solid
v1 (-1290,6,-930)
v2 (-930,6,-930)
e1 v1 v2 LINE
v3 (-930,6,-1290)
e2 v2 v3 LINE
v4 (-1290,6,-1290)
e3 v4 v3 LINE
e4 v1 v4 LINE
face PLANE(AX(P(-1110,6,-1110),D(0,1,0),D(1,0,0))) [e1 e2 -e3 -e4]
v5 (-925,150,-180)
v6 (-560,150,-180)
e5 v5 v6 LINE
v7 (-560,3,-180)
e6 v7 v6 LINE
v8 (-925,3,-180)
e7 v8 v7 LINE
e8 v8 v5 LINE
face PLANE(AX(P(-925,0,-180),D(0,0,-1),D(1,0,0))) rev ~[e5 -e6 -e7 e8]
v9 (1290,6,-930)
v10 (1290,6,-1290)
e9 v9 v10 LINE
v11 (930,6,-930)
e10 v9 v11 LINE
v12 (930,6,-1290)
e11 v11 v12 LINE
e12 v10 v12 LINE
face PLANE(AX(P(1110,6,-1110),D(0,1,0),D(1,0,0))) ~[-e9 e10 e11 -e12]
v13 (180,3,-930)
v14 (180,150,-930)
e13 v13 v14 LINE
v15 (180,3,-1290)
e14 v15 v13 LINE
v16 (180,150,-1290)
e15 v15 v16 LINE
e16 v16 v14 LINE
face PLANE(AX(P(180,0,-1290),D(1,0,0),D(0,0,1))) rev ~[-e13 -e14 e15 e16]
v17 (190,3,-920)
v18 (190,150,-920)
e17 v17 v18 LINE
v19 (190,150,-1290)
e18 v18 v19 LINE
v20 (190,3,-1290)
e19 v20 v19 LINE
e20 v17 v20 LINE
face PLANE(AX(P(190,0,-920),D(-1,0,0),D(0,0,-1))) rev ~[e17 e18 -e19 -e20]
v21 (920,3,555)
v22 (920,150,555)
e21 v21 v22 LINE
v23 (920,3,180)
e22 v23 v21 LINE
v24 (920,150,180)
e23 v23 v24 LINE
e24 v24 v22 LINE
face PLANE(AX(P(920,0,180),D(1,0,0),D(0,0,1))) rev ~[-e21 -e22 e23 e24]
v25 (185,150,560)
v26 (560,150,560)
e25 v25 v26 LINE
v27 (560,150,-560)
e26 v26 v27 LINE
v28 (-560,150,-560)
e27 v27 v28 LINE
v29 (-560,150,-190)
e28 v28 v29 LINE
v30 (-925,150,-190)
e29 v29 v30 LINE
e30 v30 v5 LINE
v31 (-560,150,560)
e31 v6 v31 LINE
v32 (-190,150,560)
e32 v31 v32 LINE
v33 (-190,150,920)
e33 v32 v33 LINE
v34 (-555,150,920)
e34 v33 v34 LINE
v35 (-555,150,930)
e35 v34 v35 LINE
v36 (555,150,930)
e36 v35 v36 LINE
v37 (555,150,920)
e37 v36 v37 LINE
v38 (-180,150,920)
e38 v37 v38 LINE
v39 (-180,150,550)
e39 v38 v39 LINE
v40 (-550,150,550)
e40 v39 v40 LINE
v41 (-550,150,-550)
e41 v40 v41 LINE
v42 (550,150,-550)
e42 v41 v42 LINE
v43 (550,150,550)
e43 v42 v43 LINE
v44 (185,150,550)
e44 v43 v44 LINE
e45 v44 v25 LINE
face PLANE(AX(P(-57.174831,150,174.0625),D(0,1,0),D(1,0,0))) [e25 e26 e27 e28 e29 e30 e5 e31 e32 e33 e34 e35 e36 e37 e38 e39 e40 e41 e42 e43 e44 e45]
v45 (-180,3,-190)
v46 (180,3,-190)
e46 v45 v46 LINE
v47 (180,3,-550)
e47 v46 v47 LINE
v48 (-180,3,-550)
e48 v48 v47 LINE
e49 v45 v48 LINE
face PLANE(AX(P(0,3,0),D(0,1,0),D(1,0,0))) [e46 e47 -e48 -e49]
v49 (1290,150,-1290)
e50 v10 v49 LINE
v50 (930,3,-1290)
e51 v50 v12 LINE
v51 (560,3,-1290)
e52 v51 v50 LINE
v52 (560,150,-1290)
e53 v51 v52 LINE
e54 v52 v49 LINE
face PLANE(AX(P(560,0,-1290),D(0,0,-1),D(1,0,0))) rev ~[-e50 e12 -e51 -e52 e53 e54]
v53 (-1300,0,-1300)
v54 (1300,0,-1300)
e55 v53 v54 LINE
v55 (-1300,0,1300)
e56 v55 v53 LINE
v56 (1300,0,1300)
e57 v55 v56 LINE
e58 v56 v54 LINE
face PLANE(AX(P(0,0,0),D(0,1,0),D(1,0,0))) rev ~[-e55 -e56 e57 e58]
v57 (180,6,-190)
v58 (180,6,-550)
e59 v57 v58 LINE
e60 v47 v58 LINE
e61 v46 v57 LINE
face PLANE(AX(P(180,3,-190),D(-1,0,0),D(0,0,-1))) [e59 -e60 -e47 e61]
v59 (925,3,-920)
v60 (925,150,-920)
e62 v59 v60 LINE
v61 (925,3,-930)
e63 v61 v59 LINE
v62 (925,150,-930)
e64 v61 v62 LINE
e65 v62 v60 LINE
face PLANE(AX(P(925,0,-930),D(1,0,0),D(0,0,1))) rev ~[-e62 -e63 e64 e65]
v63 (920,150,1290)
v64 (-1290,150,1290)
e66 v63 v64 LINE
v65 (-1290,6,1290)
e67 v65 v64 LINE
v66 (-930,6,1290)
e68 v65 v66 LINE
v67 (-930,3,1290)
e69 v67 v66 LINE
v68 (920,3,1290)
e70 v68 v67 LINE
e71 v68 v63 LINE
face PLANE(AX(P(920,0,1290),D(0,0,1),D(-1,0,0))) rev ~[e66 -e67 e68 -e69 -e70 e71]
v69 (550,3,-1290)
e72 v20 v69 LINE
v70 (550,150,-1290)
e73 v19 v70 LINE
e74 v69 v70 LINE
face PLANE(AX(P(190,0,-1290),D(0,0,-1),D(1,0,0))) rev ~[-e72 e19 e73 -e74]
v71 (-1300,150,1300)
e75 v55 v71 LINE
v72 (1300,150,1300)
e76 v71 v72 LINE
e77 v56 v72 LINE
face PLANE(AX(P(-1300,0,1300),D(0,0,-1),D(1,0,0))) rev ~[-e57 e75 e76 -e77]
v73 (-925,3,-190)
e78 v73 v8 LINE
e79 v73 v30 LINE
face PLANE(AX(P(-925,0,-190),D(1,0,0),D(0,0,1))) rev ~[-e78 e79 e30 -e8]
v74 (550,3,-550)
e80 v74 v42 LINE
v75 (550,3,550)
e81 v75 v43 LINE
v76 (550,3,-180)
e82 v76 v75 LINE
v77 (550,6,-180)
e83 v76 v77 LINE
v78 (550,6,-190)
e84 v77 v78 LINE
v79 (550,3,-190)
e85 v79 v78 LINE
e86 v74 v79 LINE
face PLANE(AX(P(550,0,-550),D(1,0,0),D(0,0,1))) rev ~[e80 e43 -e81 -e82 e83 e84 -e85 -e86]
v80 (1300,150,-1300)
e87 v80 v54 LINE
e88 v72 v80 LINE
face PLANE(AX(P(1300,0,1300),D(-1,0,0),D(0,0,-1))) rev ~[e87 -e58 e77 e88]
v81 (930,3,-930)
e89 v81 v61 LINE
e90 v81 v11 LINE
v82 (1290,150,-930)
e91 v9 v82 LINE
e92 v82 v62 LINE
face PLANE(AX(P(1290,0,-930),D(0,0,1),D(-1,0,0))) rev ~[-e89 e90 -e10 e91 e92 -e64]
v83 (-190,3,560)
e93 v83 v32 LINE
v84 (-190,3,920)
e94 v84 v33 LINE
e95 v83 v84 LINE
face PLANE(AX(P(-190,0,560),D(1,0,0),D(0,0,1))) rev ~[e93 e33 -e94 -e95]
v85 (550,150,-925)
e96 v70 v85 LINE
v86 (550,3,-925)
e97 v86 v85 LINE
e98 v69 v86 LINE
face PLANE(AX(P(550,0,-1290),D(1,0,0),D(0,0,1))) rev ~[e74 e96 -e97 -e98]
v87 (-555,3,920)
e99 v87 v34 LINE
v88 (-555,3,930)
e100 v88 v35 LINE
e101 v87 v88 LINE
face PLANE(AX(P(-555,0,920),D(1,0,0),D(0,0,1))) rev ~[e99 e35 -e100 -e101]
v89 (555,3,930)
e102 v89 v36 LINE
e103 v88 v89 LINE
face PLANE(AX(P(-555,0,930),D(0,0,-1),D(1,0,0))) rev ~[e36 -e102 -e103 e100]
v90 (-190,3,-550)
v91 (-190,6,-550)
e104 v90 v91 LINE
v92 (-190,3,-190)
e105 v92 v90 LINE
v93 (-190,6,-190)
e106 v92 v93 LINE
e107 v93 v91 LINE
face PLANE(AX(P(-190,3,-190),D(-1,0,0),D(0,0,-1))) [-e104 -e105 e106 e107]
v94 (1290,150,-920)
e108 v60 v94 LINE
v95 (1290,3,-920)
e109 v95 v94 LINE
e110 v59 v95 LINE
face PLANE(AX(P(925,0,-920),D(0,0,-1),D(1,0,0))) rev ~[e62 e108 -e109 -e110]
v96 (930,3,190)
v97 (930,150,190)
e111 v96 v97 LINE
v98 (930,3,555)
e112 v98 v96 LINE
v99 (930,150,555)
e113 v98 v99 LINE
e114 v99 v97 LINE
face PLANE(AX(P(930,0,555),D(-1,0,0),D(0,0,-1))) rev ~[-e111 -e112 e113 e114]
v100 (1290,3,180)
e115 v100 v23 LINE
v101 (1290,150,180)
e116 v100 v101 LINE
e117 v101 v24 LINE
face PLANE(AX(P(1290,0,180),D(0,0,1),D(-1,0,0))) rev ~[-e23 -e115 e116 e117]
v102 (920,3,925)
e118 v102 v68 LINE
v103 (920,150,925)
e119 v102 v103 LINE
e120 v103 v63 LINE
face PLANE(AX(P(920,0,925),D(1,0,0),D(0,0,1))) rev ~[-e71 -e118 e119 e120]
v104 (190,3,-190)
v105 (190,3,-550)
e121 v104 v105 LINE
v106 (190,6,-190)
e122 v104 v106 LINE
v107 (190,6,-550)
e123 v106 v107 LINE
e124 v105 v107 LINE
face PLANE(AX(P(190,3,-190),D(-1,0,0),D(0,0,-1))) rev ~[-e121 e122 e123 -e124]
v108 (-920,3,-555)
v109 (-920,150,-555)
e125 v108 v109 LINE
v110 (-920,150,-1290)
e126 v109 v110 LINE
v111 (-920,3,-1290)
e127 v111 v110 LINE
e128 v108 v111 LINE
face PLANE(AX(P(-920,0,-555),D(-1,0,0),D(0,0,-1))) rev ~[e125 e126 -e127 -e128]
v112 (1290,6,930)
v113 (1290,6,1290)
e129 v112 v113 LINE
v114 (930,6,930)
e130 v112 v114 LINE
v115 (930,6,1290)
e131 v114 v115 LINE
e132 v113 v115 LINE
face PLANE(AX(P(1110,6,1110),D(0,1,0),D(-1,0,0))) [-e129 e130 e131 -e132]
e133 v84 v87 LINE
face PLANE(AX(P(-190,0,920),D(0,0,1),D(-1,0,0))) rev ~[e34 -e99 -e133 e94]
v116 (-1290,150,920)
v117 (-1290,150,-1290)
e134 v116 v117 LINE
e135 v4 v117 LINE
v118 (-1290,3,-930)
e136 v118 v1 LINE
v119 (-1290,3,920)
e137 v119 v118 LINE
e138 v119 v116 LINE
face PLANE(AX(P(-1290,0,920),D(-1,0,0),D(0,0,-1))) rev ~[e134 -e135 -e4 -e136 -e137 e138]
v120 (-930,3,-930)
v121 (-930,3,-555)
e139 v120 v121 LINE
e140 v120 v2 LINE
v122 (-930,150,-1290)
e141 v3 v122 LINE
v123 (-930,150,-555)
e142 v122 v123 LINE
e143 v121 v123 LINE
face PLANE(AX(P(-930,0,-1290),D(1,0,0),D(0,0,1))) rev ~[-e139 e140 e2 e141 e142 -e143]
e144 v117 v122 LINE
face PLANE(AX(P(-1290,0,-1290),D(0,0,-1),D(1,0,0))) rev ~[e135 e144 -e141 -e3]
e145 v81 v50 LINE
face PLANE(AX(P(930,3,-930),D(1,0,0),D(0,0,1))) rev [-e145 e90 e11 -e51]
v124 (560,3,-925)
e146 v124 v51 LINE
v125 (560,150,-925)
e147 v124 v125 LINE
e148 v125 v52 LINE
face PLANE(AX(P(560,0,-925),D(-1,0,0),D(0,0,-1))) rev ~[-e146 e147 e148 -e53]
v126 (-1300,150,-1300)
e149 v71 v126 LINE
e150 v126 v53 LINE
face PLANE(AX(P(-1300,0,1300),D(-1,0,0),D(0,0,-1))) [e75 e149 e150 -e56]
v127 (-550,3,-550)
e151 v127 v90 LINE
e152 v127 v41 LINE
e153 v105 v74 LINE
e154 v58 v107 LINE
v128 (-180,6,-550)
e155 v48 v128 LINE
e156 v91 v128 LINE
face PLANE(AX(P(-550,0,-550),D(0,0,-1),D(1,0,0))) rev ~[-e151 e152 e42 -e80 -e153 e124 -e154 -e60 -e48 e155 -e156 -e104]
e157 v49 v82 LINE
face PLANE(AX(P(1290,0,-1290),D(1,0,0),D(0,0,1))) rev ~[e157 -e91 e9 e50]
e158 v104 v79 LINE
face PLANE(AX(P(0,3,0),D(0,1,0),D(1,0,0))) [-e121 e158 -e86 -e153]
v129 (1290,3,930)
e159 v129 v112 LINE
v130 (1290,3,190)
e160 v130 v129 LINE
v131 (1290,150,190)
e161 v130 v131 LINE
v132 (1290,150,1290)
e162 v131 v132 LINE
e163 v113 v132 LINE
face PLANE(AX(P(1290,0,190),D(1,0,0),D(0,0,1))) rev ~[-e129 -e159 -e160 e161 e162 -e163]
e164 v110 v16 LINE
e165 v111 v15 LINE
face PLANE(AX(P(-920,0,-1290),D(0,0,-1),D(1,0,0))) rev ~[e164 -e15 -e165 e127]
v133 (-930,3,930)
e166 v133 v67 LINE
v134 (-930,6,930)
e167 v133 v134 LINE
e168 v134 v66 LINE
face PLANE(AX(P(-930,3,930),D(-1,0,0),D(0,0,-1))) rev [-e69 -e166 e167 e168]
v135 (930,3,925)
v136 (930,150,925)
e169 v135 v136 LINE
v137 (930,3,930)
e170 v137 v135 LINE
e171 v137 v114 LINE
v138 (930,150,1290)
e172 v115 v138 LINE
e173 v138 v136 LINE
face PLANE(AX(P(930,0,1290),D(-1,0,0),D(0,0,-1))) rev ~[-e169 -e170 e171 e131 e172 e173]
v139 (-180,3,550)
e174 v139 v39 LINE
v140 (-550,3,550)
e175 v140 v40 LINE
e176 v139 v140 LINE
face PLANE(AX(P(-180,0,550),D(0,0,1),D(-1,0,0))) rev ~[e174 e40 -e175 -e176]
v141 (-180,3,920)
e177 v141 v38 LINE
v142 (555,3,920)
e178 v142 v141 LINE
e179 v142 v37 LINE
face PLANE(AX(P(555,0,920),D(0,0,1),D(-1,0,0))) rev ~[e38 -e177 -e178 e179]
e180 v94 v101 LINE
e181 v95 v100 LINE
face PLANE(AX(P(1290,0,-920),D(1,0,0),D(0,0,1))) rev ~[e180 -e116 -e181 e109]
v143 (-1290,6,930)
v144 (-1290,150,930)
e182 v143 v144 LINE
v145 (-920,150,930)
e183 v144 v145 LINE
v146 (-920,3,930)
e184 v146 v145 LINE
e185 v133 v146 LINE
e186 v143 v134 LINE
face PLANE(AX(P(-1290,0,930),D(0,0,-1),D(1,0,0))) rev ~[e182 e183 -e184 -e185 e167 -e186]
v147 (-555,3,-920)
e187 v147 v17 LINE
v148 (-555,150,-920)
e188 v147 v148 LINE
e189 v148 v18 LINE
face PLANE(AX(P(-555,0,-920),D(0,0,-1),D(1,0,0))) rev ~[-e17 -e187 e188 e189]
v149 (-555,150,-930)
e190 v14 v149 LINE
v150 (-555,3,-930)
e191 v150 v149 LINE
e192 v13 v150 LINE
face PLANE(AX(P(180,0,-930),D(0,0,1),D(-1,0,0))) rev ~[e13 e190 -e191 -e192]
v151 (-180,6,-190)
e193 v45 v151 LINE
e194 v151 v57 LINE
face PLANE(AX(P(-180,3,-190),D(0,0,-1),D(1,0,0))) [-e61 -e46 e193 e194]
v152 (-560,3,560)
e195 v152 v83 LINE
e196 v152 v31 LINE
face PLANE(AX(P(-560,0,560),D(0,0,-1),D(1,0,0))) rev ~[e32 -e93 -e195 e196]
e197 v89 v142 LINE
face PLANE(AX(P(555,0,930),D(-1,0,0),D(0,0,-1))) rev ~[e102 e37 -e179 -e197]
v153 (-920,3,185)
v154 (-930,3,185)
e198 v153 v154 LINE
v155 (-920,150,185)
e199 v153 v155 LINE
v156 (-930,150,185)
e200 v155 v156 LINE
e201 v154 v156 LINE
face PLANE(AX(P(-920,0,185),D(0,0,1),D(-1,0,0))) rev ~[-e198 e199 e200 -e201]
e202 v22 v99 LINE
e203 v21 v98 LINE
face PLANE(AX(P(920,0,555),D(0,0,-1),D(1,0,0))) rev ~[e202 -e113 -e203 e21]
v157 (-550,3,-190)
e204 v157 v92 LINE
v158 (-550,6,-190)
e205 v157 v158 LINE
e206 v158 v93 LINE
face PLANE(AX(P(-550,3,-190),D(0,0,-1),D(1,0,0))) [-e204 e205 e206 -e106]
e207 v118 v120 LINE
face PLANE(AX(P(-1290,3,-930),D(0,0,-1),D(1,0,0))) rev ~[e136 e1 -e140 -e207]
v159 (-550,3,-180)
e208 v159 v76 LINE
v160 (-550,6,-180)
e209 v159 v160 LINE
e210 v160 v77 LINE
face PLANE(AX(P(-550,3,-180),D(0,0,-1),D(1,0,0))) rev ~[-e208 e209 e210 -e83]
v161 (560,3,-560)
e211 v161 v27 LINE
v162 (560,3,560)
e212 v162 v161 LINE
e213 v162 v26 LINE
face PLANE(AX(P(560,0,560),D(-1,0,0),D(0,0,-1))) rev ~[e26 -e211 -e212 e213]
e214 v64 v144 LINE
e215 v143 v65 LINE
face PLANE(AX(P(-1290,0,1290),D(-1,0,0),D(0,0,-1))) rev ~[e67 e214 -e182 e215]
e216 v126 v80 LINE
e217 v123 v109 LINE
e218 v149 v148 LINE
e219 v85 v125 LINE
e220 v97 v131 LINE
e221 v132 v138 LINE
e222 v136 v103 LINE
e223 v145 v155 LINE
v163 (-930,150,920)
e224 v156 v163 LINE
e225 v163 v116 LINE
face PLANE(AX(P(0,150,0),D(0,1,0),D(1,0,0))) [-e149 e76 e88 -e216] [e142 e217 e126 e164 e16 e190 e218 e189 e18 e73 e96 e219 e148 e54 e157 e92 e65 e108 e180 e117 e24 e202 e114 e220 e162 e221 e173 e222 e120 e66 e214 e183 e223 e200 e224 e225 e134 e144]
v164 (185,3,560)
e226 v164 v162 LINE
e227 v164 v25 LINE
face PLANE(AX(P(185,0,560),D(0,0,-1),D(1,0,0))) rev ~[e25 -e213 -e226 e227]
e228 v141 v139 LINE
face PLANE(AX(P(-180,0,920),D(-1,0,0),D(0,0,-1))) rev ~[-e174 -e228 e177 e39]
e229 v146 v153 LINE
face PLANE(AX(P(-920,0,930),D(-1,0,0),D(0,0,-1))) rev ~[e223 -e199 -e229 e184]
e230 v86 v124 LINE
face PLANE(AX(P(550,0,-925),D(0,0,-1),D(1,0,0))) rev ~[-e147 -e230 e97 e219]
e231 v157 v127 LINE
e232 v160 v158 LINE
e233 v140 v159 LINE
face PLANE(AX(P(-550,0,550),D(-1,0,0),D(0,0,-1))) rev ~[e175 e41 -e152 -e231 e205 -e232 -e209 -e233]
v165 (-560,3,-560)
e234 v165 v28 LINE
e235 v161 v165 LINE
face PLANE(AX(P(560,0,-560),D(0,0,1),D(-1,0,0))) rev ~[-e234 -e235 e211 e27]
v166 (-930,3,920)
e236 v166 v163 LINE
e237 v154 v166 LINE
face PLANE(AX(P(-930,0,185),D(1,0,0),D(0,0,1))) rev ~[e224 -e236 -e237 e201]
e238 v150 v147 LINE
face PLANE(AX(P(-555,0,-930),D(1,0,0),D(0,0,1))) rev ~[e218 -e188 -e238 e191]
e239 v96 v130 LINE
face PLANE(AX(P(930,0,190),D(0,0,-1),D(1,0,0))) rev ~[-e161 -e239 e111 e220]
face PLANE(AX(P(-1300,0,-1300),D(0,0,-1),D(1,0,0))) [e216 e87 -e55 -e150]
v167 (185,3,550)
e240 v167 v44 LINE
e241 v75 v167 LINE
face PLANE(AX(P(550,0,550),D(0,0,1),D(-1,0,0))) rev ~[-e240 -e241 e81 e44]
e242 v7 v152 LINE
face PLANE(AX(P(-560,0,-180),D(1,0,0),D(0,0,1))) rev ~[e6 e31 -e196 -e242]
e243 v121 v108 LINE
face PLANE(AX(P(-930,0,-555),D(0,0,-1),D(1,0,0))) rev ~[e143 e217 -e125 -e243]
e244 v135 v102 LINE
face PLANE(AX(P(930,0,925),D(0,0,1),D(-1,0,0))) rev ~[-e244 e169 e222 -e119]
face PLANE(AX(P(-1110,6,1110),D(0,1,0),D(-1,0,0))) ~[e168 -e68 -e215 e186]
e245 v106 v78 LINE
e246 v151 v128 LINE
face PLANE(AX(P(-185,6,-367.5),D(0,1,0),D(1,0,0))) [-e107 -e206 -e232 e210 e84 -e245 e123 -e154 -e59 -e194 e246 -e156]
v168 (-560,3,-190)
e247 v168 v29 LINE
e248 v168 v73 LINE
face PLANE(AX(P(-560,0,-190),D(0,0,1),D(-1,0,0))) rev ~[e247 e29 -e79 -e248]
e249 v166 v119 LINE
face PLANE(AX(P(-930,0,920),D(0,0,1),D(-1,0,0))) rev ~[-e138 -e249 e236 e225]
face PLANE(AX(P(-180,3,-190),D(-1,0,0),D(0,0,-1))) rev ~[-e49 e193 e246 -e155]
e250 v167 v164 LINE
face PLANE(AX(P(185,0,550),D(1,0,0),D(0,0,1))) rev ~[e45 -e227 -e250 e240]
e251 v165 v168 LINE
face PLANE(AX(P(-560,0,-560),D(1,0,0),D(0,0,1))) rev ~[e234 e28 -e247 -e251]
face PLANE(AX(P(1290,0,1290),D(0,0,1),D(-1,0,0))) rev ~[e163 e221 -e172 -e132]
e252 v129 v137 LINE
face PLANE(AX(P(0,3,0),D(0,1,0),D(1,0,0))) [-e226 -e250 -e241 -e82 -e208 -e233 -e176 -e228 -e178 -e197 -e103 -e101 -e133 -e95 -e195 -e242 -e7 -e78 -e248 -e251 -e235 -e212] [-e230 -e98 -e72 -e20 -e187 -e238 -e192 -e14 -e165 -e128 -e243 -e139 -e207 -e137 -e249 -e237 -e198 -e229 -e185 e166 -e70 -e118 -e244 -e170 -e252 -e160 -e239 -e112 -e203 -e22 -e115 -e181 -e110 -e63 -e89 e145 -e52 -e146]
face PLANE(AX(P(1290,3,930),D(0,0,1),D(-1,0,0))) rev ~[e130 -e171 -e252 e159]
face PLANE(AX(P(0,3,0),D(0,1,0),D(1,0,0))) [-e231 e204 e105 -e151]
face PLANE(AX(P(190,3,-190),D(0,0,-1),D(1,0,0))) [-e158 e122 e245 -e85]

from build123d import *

# Parameters (mm, degrees)
SKETCH1_W               = 2600
SKETCH1_H               = 2600
BOSS_EXTRUDE1_DEPTH     = 150
BOSS_EXTRUDE1_2_DEPTH   = 150
SKETCH2_W               = 2600
SKETCH2_H               = 2600
BOSS_EXTRUDE2_DEPTH     = 3
SKETCH3_W               = 360
SKETCH3_H               = 360
BOSS_EXTRUDE3_DEPTH     = 3
MIRROR2_COPY_1_SKETCH_W = 360
MIRROR2_COPY_1_SKETCH_H = 360
MIRROR2_COPY_1_DEPTH    = 3
SKETCH5_W               = 10
SKETCH5_H               = 365
SKETCH5_W_2             = 1100
SKETCH5_H_2             = 10
BOSS_EXTRUDE4_DEPTH     = 3


with BuildPart() as part:
    # Sketch1 → Boss-Extrude1 (new body)
    with BuildSketch(Plane(origin=(0, 0, 0), x_dir=(1, 0, 0), z_dir=(0, 1, 0))):
        Rectangle(SKETCH1_W, SKETCH1_H)
        Polygon((920, -1290), (-1290, -1290), (-1290, -930), (-920, -930), (-920, -185), (-925, -185), (-930, -185), (-930, -920), (-1290, -920), (-1290, 1290), (-930, 1290), (-930, 555), (-920, 555), (-920, 1290), (180, 1290), (180, 930), (-555, 930), (-555, 920), (190, 920), (190, 1290), (550, 1290), (550, 925), (560, 925), (560, 1290), (1290, 1290), (1290, 930), (925, 930), (925, 920), (1290, 920), (1290, -180), (920, -180), (920, -555), (930, -555), (930, -190), (1290, -190), (1290, -1290), (930, -1290), (930, -925), (920, -925), align=None, mode=Mode.SUBTRACT)
    extrude(amount=BOSS_EXTRUDE1_DEPTH)



with BuildPart() as body_2:
    # Sketch1 → Boss-Extrude1 2 (new body)
    with BuildSketch(Plane(origin=(0, 0, 0), x_dir=(1, 0, 0), z_dir=(0, 1, 0))):
        Polygon((185, -550), (185, -560), (560, -560), (560, 560), (-560, 560), (-560, 190), (-925, 190), (-925, 180), (-560, 180), (-560, -560), (-190, -560), (-190, -920), (-555, -920), (-555, -930), (555, -930), (555, -920), (-180, -920), (-180, -550), (-550, -550), (-550, 550), (550, 550), (550, -550), align=None)
    extrude(amount=BOSS_EXTRUDE1_2_DEPTH)


with BuildPart() as part_1:
    add(part.part)

    add(body_2.part)  # Boss-Extrude2 merges body 2
    # Sketch2 → Boss-Extrude2 (add)
    with BuildSketch(Plane(origin=(0, 0, 0), x_dir=(1, 0, 0), z_dir=(0, 1, 0))):
        Rectangle(SKETCH2_W, SKETCH2_H)
    extrude(amount=BOSS_EXTRUDE2_DEPTH)

    # Sketch3 → Boss-Extrude3 (add)
    with BuildSketch(Plane(origin=(0, 3, 0), x_dir=(1, 0, 0), z_dir=(0, 1, 0))):
        with Locations((-1110, 1110)):
            Rectangle(SKETCH3_W, SKETCH3_H)
    boss_extrude3 = extrude(amount=BOSS_EXTRUDE3_DEPTH)

    # Mirror1: Boss-Extrude3 across plane
    add(boss_extrude3.mirror(Plane.XY))

    # Mirror2: Boss-Extrude3 across plane
    add(boss_extrude3.mirror(Plane(origin=(0, 0, 0), x_dir=(0, 0, 1), z_dir=(1, 0, 0))))

    # Mirror2 copy 1 sketch → Mirror2 copy 1 (add)
    with BuildSketch(Plane(origin=(0, 3, 0), x_dir=(-1, 0, 0), z_dir=(0, 1, 0))):
        with Locations((-1110, 1110)):
            Rectangle(MIRROR2_COPY_1_SKETCH_W, MIRROR2_COPY_1_SKETCH_H)
    extrude(amount=MIRROR2_COPY_1_DEPTH)

    # Sketch5 → Boss-Extrude4 (add)
    with BuildSketch(Plane(origin=(0, 3, 0), x_dir=(1, 0, 0), z_dir=(0, 1, 0))):
        with Locations((-185, 367.5)):
            Rectangle(SKETCH5_W, SKETCH5_H)
        with Locations((0, 185)):
            Rectangle(SKETCH5_W_2, SKETCH5_H_2)
        with Locations((185, 367.5)):
            Rectangle(SKETCH5_W, SKETCH5_H)
    extrude(amount=BOSS_EXTRUDE4_DEPTH)


solid = part_1.part
